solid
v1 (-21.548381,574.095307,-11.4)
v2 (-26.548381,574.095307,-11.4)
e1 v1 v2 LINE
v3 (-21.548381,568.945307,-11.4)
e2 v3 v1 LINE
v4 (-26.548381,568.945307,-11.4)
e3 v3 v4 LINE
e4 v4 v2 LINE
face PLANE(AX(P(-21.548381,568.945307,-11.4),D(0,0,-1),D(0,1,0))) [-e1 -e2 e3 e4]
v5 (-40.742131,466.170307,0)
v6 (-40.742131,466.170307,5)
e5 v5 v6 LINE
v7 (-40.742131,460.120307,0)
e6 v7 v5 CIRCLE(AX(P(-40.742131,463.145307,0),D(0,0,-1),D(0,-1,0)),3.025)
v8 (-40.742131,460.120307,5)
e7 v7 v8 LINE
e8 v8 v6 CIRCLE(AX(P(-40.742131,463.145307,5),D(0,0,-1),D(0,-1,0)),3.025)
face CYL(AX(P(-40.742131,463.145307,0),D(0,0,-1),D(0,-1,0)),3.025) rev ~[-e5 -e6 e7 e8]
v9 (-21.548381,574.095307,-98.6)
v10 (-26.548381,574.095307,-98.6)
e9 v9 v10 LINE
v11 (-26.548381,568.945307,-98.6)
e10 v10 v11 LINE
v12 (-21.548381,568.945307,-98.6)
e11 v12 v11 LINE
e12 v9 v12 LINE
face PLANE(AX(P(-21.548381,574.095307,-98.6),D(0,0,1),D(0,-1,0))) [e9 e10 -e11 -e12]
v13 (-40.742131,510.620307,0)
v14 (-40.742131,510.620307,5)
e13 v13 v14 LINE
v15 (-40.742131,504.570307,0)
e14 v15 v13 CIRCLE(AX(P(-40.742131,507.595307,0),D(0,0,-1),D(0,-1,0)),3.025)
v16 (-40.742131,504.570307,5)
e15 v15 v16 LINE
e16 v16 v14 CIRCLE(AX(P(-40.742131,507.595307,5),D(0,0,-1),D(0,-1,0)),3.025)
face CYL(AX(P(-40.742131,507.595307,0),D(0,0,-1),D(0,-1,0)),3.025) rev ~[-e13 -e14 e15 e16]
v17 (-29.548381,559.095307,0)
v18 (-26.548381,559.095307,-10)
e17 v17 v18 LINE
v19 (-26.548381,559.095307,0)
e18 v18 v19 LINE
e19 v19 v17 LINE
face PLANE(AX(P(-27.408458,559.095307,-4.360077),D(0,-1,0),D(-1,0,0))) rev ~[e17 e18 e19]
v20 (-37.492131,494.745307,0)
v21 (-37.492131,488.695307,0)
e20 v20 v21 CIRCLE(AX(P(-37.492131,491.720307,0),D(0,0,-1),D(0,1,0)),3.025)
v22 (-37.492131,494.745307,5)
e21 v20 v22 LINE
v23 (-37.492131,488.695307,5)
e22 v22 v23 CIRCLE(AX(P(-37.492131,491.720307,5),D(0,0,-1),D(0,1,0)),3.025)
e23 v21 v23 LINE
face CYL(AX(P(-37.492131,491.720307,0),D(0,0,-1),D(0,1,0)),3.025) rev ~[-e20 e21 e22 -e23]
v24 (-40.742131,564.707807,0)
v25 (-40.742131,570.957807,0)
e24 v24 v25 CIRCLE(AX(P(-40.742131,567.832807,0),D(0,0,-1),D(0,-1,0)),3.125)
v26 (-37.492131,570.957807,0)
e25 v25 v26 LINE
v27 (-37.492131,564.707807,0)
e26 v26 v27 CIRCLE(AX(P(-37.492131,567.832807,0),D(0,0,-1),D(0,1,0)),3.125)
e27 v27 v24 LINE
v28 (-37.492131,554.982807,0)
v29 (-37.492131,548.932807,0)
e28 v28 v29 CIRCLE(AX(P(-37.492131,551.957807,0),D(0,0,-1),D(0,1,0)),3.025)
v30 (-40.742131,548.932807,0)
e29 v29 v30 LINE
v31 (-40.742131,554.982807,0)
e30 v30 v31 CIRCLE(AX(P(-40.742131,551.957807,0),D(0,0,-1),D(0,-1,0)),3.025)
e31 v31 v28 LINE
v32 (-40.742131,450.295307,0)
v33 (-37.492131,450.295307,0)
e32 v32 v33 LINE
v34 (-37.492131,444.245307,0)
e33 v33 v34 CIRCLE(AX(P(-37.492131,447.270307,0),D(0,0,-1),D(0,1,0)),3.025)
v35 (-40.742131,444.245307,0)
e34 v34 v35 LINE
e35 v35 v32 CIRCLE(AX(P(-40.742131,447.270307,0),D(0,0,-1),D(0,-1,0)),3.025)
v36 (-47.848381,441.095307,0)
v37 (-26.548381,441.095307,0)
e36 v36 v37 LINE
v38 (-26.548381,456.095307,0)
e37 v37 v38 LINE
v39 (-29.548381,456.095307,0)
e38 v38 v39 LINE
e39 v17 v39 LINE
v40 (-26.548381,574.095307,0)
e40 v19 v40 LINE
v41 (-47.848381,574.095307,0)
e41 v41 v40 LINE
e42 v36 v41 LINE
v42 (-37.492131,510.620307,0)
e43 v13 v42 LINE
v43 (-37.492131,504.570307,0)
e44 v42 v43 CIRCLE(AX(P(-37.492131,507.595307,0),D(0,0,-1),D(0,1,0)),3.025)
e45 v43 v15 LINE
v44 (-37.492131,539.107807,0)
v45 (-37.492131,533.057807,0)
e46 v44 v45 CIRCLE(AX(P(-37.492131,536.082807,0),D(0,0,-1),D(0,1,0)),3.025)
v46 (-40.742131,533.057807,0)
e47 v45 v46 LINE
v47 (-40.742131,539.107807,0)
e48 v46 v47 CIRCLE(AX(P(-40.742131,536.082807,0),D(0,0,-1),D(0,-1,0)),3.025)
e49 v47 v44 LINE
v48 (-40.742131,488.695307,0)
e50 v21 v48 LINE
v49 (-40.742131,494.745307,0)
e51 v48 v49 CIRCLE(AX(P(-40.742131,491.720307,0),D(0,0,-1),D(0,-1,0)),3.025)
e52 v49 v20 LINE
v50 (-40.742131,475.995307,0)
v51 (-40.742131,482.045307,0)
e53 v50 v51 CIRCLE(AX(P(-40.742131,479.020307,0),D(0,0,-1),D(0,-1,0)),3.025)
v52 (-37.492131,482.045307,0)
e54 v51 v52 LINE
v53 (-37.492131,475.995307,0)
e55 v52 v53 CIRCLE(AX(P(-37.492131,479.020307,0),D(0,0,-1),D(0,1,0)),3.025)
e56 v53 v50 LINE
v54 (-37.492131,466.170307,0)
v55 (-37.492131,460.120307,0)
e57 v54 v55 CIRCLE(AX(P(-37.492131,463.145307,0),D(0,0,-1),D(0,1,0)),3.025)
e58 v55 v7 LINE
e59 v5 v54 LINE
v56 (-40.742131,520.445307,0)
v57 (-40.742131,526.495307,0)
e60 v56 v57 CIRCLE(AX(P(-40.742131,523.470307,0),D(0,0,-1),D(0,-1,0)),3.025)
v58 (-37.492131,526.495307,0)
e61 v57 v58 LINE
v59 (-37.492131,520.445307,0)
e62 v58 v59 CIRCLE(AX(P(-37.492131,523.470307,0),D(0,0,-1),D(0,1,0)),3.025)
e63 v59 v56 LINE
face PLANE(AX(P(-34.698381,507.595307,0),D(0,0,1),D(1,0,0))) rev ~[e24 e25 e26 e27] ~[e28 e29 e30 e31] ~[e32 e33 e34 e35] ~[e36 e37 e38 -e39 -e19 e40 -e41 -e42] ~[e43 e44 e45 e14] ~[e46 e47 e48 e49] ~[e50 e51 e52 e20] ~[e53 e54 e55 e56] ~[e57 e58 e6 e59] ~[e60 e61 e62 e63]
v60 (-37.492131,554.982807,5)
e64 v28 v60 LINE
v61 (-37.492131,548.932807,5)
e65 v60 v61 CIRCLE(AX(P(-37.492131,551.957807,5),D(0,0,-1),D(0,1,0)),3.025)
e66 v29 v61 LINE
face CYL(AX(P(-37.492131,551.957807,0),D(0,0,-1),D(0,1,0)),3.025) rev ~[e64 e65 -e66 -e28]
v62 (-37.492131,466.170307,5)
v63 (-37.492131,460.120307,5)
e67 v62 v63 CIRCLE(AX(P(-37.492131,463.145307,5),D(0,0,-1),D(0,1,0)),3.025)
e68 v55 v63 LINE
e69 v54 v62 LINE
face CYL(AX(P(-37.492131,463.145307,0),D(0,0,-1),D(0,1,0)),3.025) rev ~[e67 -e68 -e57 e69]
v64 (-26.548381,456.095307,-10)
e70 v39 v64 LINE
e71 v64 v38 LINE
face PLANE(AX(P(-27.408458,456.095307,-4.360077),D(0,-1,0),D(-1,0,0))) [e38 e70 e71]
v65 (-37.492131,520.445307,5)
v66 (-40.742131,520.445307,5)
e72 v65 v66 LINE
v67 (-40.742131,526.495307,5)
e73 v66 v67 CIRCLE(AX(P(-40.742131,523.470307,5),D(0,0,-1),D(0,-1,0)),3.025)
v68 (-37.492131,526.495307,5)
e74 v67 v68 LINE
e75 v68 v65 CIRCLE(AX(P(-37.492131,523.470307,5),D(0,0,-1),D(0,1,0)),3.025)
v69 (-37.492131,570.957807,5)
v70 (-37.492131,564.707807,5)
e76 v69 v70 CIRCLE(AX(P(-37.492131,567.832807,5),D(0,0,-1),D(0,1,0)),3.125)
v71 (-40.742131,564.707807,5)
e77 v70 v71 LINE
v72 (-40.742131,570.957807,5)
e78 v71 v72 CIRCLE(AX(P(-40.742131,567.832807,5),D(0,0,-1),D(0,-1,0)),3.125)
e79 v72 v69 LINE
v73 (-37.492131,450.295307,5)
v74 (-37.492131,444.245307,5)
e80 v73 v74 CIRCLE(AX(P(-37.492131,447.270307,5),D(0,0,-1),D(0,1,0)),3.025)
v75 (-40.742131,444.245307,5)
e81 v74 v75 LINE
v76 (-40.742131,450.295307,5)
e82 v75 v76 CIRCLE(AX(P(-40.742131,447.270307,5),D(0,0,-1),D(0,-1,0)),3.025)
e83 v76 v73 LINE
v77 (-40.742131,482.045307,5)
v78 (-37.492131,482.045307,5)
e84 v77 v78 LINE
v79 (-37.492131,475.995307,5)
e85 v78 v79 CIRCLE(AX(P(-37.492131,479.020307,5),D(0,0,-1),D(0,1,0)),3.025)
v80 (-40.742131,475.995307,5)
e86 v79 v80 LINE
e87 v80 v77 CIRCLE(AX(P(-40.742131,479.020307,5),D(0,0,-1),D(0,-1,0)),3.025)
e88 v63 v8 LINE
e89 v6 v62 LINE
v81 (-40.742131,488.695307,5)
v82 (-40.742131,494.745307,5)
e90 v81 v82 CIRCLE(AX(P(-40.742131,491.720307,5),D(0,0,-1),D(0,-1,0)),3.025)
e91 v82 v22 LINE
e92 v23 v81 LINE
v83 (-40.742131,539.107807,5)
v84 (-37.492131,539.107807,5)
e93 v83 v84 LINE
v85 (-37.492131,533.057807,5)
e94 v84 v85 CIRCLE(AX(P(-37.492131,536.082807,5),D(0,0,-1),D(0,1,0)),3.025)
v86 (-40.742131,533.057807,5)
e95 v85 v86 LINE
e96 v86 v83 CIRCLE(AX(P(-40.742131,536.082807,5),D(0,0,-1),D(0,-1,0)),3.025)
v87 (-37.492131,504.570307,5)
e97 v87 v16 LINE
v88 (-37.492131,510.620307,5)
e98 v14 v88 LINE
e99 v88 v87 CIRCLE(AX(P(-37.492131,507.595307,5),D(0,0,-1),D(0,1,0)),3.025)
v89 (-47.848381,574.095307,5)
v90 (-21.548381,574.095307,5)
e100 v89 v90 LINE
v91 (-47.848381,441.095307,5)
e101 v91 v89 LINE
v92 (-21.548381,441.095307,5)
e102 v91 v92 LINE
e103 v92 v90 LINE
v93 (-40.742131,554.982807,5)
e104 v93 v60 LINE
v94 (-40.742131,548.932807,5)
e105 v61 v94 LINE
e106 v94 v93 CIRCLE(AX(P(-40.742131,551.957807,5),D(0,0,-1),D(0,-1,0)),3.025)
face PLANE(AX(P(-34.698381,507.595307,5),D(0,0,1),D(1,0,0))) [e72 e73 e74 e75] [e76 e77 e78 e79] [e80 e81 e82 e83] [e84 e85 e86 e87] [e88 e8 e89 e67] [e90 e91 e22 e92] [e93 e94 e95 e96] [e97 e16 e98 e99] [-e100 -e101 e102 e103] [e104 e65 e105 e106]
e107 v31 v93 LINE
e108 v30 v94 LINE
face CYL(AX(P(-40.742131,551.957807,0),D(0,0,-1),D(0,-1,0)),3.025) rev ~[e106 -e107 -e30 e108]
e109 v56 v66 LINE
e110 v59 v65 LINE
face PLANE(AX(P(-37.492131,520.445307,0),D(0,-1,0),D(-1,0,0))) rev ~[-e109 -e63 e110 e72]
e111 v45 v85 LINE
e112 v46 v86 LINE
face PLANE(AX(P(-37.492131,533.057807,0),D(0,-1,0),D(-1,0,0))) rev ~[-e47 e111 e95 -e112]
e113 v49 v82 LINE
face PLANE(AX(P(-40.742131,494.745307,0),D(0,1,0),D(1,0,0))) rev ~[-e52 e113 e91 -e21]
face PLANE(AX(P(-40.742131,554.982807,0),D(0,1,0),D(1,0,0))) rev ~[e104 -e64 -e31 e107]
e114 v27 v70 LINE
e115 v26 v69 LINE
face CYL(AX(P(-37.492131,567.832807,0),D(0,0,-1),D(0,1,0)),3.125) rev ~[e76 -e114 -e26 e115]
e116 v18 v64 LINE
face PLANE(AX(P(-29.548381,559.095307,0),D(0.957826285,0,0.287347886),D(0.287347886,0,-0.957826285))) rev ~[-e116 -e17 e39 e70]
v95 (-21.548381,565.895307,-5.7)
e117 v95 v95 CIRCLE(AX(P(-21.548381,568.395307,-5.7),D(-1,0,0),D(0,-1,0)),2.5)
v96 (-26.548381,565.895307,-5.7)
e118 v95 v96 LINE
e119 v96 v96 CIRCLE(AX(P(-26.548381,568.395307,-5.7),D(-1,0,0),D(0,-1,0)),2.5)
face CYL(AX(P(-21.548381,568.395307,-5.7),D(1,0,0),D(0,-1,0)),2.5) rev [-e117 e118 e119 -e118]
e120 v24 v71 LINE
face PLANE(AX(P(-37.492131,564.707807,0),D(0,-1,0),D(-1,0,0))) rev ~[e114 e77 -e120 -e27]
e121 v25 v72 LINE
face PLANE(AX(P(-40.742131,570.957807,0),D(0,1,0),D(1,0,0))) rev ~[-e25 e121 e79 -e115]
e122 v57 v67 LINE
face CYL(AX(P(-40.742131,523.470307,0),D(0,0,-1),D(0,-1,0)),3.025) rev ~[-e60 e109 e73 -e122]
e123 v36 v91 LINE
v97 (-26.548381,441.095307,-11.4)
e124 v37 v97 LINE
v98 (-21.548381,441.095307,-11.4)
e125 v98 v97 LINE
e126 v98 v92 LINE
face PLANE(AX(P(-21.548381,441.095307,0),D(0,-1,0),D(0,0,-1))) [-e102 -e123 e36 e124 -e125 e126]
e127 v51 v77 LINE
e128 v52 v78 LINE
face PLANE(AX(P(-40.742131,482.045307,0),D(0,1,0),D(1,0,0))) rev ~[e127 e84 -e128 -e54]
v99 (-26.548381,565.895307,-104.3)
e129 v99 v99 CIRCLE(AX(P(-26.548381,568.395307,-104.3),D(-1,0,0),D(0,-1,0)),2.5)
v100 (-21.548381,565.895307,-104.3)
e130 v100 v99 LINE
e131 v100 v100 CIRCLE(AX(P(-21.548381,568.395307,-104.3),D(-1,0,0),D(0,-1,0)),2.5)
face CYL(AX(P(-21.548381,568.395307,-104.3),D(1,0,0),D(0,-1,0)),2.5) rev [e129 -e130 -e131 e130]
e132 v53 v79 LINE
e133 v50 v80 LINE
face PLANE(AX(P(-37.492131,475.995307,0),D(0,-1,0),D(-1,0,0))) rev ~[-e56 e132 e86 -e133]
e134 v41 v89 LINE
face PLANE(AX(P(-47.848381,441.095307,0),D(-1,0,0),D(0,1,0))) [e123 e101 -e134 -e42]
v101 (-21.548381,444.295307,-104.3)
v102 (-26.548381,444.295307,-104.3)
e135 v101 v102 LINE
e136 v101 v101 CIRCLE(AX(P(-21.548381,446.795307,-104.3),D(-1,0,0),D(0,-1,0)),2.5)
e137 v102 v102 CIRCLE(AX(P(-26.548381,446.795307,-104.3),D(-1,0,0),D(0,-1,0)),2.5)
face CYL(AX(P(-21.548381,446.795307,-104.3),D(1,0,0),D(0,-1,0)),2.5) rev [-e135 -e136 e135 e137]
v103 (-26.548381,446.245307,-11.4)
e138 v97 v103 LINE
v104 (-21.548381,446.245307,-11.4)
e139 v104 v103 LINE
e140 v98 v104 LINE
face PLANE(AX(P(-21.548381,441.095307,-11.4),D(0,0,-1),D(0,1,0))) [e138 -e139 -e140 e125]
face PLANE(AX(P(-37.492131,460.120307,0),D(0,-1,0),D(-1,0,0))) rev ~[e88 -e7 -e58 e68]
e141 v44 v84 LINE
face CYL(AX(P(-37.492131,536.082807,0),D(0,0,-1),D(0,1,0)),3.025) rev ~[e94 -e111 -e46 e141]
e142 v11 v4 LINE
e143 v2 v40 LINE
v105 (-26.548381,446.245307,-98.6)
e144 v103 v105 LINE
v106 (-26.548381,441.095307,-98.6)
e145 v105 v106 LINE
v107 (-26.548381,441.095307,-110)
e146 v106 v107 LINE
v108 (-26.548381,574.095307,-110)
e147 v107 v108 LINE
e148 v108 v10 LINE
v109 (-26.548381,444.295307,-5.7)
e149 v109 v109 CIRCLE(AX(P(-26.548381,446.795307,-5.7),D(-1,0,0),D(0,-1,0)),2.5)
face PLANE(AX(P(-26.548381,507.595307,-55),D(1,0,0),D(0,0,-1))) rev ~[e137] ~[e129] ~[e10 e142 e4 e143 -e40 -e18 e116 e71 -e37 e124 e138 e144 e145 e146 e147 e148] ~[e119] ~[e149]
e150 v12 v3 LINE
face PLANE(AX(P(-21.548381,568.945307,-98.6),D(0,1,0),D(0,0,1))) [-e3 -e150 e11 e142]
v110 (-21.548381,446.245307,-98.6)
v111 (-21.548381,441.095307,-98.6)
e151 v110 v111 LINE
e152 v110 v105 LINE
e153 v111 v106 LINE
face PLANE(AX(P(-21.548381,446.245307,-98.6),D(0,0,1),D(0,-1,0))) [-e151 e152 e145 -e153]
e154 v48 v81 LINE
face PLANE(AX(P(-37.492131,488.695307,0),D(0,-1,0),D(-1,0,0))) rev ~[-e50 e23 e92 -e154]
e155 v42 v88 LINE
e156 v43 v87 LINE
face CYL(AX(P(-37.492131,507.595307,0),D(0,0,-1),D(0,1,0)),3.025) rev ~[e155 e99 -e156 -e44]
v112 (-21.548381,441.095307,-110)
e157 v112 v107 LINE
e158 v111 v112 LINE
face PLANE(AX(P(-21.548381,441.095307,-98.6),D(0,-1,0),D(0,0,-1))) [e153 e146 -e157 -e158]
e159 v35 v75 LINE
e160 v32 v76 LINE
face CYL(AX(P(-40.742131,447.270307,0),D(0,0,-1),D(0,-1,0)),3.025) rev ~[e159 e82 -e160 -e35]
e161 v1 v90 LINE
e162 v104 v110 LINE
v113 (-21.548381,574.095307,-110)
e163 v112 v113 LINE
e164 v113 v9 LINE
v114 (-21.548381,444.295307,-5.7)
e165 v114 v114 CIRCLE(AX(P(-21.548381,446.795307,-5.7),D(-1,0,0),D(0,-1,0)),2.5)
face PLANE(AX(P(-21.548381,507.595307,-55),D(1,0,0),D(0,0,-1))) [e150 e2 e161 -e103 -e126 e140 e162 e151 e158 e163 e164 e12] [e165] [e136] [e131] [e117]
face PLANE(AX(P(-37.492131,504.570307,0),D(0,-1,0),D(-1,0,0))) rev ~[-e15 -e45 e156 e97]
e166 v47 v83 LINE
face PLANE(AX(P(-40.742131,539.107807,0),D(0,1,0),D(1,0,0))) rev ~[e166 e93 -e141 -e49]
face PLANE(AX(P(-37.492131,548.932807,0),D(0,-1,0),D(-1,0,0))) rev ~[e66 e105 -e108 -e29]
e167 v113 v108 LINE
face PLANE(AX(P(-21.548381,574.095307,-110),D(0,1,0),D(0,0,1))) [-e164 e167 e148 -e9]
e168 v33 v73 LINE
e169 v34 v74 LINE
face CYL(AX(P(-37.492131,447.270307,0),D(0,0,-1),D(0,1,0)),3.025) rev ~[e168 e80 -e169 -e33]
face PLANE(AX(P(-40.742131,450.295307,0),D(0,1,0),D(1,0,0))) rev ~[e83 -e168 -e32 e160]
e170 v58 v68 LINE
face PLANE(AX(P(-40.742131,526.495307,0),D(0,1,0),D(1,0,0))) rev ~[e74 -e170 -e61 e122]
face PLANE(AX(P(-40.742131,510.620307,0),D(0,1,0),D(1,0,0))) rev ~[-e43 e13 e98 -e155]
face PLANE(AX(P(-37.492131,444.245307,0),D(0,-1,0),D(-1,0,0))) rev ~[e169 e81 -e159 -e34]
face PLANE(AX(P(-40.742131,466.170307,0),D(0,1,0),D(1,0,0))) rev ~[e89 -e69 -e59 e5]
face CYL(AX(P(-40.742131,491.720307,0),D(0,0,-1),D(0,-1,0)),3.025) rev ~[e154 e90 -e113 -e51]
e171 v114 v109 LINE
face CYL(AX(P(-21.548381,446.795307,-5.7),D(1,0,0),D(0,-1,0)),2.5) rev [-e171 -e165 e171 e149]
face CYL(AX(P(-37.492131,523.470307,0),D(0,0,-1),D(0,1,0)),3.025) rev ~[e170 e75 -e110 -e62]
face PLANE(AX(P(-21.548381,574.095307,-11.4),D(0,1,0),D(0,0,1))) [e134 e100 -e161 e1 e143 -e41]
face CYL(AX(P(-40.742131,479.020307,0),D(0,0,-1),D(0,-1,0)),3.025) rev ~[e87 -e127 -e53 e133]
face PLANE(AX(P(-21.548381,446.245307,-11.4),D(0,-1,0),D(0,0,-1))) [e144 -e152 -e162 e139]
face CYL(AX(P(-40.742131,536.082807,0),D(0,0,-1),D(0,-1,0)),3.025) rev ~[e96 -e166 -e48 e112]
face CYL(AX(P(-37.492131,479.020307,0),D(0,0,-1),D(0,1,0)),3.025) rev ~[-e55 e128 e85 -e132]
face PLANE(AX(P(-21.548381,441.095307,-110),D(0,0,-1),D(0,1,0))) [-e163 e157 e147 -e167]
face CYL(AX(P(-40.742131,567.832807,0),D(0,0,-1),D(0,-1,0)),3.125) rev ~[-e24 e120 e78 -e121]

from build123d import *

# Parameters (mm, degrees)
SKETCH1_W           = 26.3
SKETCH1_H           = 133
BOSS_EXTRUDE1_DEPTH = 5
SKETCH2_R           = 2.5
BOSS_EXTRUDE2_DEPTH = 5
BOSS_EXTRUDE3_START = -15
BOSS_EXTRUDE3_DEPTH = 103


with BuildPart() as part:
    # Sketch1 → Boss-Extrude1 (new body)
    with BuildSketch(Plane.XY):
        with Locations((-34.698380987, 507.595307356)):
            Rectangle(SKETCH1_W, SKETCH1_H)
        with BuildLine():
            ThreePointArc((-40.742130987, 444.245307356), (-43.767130987, 447.270307356), (-40.742130987, 450.295307356))
            Line((-40.742130987, 450.295307356), (-37.492130987, 450.295307356))
            ThreePointArc((-37.492130987, 450.295307356), (-34.467130987, 447.270307356), (-37.492130987, 444.245307356))
            Line((-37.492130987, 444.245307356), (-40.742130987, 444.245307356))
        make_face(mode=Mode.SUBTRACT)
        with BuildLine():
            ThreePointArc((-40.742130987, 460.120307356), (-43.767130987, 463.145307356), (-40.742130987, 466.170307356))
            Line((-40.742130987, 466.170307356), (-37.492130987, 466.170307356))
            ThreePointArc((-37.492130987, 466.170307356), (-34.467130987, 463.145307356), (-37.492130987, 460.120307356))
            Line((-37.492130987, 460.120307356), (-40.742130987, 460.120307356))
        make_face(mode=Mode.SUBTRACT)
        with BuildLine():
            ThreePointArc((-40.742130987, 475.995307356), (-43.767130987, 479.020307356), (-40.742130987, 482.045307356))
            Line((-40.742130987, 482.045307356), (-37.492130987, 482.045307356))
            ThreePointArc((-37.492130987, 482.045307356), (-34.467130987, 479.020307356), (-37.492130987, 475.995307356))
            Line((-37.492130987, 475.995307356), (-40.742130987, 475.995307356))
        make_face(mode=Mode.SUBTRACT)
        with BuildLine():
            ThreePointArc((-40.742130987, 488.695307356), (-43.767130987, 491.720307356), (-40.742130987, 494.745307356))
            Line((-40.742130987, 494.745307356), (-37.492130987, 494.745307356))
            ThreePointArc((-37.492130987, 494.745307356), (-34.467130987, 491.720307356), (-37.492130987, 488.695307356))
            Line((-37.492130987, 488.695307356), (-40.742130987, 488.695307356))
        make_face(mode=Mode.SUBTRACT)
        with BuildLine():
            ThreePointArc((-40.742130987, 504.570307356), (-43.767130987, 507.595307356), (-40.742130987, 510.620307356))
            Line((-40.742130987, 510.620307356), (-37.492130987, 510.620307356))
            ThreePointArc((-37.492130987, 510.620307356), (-34.467130987, 507.595307356), (-37.492130987, 504.570307356))
            Line((-37.492130987, 504.570307356), (-40.742130987, 504.570307356))
        make_face(mode=Mode.SUBTRACT)
        with BuildLine():
            ThreePointArc((-40.742130987, 520.445307356), (-43.767130987, 523.470307356), (-40.742130987, 526.495307356))
            Line((-40.742130987, 526.495307356), (-37.492130987, 526.495307356))
            ThreePointArc((-37.492130987, 526.495307356), (-34.467130987, 523.470307356), (-37.492130987, 520.445307356))
            Line((-37.492130987, 520.445307356), (-40.742130987, 520.445307356))
        make_face(mode=Mode.SUBTRACT)
        with BuildLine():
            ThreePointArc((-40.742130987, 533.057807356), (-43.767130987, 536.082807356), (-40.742130987, 539.107807356))
            Line((-40.742130987, 539.107807356), (-37.492130987, 539.107807356))
            ThreePointArc((-37.492130987, 539.107807356), (-34.467130987, 536.082807356), (-37.492130987, 533.057807356))
            Line((-37.492130987, 533.057807356), (-40.742130987, 533.057807356))
        make_face(mode=Mode.SUBTRACT)
        with BuildLine():
            ThreePointArc((-40.742130987, 548.932807356), (-43.767130987, 551.957807356), (-40.742130987, 554.982807356))
            Line((-40.742130987, 554.982807356), (-37.492130987, 554.982807356))
            ThreePointArc((-37.492130987, 554.982807356), (-34.467130987, 551.957807356), (-37.492130987, 548.932807356))
            Line((-37.492130987, 548.932807356), (-40.742130987, 548.932807356))
        make_face(mode=Mode.SUBTRACT)
        with BuildLine():
            ThreePointArc((-40.742130987, 564.707807356), (-43.867130987, 567.832807356), (-40.742130987, 570.957807356))
            Line((-40.742130987, 570.957807356), (-37.492130987, 570.957807356))
            ThreePointArc((-37.492130987, 570.957807356), (-34.367130987, 567.832807356), (-37.492130987, 564.707807356))
            Line((-37.492130987, 564.707807356), (-40.742130987, 564.707807356))
        make_face(mode=Mode.SUBTRACT)
    extrude(amount=BOSS_EXTRUDE1_DEPTH)



with BuildPart() as body_2:
    # Sketch2 → Boss-Extrude2 (new body)
    with BuildSketch(Plane.ZY.offset(21.548380987)):
        Polygon((0, 558.595307356), (0, 456.595307356), (0, 441.095307356), (-11.4, 441.095307356), (-11.4, 446.245307356), (-98.6, 446.245307356), (-98.6, 441.095307356), (-110, 441.095307356), (-110, 574.095307356), (-98.6, 574.095307356), (-98.6, 568.945307356), (-11.4, 568.945307356), (-11.4, 574.095307356), (0, 574.095307356), align=None)
        with Locations(Location((-5.7, 568.395307356, 0), (0, 0, 270))):
            Circle(SKETCH2_R, mode=Mode.SUBTRACT)
        with Locations(Location((-104.3, 568.395307356, 0), (0, 0, 270))):
            Circle(SKETCH2_R, mode=Mode.SUBTRACT)
        with Locations(Location((-104.3, 446.795307356, 0), (0, 0, 270))):
            Circle(SKETCH2_R, mode=Mode.SUBTRACT)
        with Locations(Location((-5.7, 446.795307356, 0), (0, 0, 270))):
            Circle(SKETCH2_R, mode=Mode.SUBTRACT)
    extrude(amount=BOSS_EXTRUDE2_DEPTH)


with BuildPart() as part_1:
    add(part.part)

    add(body_2.part)  # Boss-Extrude3 merges body 2
    # Sketch4 → Boss-Extrude3 (add)
    with BuildSketch(Plane(origin=(0, 574.095307356, 0), x_dir=(1, 0, 0), z_dir=(0, 1, 0)).offset(BOSS_EXTRUDE3_START)):
        Polygon((-26.548380987, 0), (-29.548380987, 0), (-26.548380987, 10), align=None)
    extrude(amount=-BOSS_EXTRUDE3_DEPTH)


solid = part_1.part
